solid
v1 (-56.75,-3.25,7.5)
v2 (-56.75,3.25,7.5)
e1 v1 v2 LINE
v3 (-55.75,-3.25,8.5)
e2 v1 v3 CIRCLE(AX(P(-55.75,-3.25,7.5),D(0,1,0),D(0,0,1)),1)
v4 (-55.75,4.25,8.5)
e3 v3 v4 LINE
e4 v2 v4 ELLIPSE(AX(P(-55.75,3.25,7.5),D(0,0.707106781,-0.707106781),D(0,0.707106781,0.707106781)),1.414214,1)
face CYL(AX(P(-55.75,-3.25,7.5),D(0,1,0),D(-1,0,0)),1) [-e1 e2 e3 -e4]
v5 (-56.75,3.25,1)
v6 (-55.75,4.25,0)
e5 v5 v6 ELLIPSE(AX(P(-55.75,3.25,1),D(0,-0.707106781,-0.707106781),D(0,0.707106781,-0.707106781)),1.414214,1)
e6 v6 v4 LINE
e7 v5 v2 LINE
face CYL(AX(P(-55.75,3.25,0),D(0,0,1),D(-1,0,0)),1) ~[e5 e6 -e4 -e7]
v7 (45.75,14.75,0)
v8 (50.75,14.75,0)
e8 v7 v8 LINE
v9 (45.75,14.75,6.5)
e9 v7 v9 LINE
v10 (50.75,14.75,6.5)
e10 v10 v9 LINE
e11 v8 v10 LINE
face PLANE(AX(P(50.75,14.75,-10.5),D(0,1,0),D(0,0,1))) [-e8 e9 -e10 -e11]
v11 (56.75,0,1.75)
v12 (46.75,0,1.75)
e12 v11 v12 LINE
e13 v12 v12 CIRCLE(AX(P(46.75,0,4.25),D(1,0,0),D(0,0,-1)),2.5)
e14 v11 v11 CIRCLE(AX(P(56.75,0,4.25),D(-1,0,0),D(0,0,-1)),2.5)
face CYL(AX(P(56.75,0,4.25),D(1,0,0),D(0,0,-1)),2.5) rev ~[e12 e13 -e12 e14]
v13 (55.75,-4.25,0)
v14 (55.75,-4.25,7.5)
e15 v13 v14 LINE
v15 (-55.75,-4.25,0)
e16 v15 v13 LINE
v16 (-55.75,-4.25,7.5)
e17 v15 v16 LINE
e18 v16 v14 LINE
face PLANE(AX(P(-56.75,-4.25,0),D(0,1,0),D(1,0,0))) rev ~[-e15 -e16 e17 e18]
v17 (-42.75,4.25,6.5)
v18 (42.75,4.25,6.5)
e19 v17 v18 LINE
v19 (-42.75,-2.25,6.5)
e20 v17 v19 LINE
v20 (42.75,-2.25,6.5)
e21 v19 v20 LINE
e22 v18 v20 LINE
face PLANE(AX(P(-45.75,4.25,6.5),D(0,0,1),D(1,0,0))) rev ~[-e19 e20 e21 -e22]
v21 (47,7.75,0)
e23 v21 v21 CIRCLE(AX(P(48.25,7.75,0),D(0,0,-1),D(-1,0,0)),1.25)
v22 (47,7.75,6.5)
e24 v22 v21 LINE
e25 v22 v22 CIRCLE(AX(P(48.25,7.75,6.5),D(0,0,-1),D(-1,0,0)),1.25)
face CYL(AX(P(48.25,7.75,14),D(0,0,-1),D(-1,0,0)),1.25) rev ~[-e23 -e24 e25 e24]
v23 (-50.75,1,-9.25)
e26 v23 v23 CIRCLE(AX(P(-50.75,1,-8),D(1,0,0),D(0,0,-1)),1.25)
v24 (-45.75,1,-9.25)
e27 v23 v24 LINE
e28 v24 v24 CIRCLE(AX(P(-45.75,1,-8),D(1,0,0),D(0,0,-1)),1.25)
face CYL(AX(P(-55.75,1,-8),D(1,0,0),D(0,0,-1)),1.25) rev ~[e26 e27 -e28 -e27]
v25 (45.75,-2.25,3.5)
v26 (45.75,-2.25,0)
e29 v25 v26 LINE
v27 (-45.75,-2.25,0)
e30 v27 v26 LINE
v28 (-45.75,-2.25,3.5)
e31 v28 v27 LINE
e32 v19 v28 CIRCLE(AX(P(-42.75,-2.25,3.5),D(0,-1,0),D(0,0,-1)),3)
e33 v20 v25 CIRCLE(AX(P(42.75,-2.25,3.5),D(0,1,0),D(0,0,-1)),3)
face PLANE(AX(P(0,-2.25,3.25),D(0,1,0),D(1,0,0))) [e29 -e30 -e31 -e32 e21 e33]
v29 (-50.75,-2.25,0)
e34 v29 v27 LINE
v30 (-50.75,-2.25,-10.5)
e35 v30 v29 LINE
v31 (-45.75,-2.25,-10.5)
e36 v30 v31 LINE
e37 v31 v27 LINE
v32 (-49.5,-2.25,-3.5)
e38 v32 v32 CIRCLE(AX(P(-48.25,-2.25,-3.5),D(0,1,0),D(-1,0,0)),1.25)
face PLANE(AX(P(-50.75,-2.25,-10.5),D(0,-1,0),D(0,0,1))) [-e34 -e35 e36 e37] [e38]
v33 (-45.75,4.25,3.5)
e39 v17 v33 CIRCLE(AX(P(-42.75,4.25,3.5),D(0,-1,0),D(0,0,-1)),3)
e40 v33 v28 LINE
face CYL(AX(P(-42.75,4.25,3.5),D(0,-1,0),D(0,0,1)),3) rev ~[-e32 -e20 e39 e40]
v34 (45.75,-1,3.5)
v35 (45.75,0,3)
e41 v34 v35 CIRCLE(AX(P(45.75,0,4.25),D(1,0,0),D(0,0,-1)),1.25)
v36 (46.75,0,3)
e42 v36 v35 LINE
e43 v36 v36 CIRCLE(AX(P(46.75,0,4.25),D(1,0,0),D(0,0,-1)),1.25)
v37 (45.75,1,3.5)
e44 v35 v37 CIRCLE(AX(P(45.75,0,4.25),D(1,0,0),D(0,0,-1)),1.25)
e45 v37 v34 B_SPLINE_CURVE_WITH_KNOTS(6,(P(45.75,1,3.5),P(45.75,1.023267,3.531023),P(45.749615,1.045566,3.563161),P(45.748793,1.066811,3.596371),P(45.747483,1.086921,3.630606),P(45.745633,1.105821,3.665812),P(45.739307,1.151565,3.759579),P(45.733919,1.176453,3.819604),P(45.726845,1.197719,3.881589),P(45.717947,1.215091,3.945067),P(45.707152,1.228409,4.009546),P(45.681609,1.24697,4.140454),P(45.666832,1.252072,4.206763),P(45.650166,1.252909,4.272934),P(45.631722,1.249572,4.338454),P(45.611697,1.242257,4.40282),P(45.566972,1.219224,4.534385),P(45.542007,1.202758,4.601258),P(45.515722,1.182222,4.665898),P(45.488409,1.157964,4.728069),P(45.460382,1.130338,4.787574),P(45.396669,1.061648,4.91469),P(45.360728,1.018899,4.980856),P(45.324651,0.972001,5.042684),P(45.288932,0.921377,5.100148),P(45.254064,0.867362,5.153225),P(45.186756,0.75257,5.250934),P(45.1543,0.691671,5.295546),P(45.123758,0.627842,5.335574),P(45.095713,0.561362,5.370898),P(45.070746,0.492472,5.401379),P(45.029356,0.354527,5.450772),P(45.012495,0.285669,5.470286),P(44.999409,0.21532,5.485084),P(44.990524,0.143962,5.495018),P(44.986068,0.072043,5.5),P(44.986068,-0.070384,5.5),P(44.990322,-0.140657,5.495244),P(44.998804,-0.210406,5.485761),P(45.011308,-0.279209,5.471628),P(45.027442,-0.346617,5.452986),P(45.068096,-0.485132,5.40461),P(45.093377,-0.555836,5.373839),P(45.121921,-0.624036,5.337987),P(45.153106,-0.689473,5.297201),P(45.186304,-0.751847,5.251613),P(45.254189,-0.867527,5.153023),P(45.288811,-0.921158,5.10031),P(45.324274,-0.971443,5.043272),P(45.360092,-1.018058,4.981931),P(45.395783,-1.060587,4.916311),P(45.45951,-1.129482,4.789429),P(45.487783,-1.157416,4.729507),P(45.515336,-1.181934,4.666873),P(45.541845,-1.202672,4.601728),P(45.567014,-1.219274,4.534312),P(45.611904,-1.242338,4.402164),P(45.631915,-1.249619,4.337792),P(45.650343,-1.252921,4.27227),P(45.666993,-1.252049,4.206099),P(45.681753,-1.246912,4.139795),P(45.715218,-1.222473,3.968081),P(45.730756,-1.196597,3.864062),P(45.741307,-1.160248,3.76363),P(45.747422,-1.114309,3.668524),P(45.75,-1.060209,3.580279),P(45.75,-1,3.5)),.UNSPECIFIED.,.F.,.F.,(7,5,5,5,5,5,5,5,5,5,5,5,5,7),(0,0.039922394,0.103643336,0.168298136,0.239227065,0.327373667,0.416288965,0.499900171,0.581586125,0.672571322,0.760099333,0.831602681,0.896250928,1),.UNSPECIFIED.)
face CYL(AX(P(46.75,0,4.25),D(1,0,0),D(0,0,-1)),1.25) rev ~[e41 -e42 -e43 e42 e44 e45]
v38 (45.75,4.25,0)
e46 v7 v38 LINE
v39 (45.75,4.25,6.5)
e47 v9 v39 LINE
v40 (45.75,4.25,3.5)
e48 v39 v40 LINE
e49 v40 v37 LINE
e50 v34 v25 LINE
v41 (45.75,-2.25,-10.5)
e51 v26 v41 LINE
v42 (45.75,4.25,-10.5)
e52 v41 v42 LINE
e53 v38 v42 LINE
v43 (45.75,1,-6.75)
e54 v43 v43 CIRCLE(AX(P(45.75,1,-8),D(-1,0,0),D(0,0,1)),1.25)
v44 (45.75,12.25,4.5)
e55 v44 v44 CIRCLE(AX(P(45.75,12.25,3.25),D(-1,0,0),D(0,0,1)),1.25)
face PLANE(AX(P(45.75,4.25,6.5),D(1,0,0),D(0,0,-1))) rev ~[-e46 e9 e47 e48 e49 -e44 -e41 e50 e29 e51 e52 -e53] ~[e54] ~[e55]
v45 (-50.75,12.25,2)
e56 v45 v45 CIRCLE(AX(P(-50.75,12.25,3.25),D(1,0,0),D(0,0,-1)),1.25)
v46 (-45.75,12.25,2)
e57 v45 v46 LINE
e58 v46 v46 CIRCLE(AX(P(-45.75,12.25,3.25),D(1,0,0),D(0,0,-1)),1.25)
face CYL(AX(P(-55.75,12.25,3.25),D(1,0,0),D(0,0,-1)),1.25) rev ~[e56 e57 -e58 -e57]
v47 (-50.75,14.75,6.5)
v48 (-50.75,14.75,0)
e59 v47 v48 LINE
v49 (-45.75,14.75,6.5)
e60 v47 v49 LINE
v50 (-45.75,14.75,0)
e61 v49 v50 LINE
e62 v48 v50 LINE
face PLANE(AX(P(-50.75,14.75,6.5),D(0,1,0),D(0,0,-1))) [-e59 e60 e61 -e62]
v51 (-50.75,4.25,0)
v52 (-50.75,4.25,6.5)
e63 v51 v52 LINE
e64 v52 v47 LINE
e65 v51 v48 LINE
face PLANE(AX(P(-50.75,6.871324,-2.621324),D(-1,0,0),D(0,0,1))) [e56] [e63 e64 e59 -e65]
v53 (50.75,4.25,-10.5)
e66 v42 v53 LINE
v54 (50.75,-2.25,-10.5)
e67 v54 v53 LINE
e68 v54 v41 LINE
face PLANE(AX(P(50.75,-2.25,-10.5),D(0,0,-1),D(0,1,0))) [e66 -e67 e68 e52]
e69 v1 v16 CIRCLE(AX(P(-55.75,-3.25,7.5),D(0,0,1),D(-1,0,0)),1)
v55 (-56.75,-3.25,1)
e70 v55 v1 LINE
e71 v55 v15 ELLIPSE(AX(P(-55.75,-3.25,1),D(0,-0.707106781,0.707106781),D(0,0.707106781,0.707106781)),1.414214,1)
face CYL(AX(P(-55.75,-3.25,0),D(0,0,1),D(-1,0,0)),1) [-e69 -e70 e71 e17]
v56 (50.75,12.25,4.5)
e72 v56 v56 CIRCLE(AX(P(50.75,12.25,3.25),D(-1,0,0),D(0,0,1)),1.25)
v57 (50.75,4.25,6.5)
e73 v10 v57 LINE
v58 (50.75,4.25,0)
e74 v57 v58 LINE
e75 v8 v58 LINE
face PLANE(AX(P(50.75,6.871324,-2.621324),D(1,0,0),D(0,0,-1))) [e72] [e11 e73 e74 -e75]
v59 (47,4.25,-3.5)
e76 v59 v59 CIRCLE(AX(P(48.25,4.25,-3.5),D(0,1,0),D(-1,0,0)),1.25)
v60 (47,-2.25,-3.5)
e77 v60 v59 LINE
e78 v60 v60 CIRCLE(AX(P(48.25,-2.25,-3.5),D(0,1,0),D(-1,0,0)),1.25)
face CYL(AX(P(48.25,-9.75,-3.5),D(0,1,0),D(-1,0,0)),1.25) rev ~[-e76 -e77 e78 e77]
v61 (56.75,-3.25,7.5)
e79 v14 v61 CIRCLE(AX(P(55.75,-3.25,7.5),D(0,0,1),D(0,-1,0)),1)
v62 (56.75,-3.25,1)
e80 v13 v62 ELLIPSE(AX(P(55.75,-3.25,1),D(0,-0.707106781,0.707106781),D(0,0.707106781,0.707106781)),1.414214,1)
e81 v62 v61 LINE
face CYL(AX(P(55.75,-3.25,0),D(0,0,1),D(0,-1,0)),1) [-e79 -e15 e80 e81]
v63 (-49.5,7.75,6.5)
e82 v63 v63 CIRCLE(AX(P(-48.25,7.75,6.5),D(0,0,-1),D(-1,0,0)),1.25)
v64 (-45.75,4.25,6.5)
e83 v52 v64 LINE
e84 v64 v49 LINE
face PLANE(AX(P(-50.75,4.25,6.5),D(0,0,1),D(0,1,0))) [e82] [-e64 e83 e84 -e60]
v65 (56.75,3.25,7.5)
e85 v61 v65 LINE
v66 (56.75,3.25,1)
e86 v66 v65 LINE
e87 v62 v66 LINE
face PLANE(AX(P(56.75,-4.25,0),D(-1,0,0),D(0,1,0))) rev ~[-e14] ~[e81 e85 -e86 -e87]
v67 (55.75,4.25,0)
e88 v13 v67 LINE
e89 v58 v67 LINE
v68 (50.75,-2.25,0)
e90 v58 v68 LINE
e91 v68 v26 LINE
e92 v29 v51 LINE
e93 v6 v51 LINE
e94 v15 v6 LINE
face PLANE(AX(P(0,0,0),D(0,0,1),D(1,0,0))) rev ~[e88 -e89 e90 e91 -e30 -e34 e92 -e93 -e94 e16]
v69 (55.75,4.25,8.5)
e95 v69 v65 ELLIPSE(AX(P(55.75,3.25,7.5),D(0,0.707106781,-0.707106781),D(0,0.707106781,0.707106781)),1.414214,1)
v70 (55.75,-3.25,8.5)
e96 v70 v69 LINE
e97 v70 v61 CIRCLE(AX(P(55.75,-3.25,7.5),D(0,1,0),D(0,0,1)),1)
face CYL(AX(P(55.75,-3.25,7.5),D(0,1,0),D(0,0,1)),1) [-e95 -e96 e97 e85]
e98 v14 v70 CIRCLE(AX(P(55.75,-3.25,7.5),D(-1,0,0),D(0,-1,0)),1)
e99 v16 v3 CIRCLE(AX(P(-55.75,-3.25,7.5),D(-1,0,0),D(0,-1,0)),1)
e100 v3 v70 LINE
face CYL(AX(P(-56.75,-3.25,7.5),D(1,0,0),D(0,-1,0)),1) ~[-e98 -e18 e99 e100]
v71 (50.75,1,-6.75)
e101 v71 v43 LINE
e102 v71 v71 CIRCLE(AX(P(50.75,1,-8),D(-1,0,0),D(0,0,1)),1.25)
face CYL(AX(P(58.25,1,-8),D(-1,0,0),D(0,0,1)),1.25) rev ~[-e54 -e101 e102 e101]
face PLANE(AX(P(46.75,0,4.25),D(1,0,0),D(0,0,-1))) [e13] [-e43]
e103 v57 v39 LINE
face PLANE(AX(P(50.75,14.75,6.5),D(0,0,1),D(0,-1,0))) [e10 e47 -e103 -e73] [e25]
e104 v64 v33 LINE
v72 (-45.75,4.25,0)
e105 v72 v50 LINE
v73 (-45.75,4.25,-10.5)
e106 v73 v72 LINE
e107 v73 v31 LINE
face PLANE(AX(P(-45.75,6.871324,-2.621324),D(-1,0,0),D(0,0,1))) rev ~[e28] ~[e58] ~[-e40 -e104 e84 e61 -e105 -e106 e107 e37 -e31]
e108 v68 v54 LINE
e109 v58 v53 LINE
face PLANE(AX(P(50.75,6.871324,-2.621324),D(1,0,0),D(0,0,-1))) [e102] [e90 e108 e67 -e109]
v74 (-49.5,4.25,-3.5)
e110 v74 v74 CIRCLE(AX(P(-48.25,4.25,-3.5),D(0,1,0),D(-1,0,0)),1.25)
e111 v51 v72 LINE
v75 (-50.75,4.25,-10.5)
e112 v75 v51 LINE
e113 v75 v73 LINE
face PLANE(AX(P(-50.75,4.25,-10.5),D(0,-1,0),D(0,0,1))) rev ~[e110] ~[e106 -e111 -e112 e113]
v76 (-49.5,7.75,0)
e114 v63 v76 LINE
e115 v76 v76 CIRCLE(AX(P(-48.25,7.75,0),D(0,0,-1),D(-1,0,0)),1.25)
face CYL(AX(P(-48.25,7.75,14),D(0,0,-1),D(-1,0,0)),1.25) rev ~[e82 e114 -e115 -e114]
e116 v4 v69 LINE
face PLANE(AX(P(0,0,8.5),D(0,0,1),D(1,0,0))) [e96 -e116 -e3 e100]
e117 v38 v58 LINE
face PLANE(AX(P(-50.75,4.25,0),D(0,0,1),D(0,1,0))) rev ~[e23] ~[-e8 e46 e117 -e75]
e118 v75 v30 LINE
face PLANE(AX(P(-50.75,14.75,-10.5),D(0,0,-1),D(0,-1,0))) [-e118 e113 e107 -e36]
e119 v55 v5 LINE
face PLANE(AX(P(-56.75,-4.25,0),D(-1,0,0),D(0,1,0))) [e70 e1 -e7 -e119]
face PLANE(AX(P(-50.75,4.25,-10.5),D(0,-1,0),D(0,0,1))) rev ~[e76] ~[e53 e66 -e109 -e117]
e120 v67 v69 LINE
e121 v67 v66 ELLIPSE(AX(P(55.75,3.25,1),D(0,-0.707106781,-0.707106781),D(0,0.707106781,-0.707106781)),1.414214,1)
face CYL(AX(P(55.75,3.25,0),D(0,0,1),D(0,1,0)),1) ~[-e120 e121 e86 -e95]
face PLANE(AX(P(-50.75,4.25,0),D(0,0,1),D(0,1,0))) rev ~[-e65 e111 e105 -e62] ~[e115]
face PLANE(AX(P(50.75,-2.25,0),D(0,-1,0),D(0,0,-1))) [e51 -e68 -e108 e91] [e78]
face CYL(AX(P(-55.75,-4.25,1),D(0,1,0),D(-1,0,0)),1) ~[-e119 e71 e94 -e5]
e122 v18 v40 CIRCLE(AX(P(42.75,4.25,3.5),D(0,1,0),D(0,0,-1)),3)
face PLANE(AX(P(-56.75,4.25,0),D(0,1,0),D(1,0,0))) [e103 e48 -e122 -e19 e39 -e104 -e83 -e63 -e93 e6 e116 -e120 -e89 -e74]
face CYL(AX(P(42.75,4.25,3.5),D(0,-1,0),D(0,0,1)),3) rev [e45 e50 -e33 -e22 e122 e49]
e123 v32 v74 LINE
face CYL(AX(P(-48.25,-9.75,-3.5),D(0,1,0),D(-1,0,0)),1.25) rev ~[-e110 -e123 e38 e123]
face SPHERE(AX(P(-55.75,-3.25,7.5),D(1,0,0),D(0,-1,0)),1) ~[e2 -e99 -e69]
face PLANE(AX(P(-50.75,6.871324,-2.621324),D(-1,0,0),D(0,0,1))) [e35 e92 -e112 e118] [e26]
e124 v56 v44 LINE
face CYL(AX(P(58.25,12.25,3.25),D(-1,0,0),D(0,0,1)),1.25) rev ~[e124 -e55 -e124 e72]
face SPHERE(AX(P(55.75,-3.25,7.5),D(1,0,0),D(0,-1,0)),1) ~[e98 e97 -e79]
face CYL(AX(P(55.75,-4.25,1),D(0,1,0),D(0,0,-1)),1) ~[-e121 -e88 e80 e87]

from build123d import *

# Parameters (mm, degrees)
SKETCH1_W                 = 113.5
SKETCH1_H                 = 8.5
BOSS_EXTRUDE1_DEPTH       = 8.5
BOSS_EXTRUDE2_DEPTH       = 5
BOSS_EXTRUDE3_DEPTH       = 5
SKETCH13_W                = 91.5
SKETCH13_H                = 6.5
CUT_EXTRUDE1_DEPTH        = 6.5
M3X0_5_TAPPED_HOLE1_D     = 2.5
M3X0_5_TAPPED_HOLE1_DEPTH = 7.5
M3X0_5_TAPPED_HOLE1_TIP   = 0.751075774
M3X0_5_TAPPED_HOLE2_D     = 2.5
M3X0_5_TAPPED_HOLE2_DEPTH = 5
M3X0_5_TAPPED_HOLE3_D     = 2.5
M3X0_5_TAPPED_HOLE3_DEPTH = 5
M3X0_5_TAPPED_HOLE4_D     = 2.5
M3X0_5_TAPPED_HOLE4_DEPTH = 7.5
M3X0_5_TAPPED_HOLE4_TIP   = 0.751075774
FILLET1_R                 = 1
FILLET2_R                 = 1
FILLET3_R                 = 1
FILLET4_R                 = 3
M3X0_5_TAPPED_HOLE5_D     = 2.5
M3X0_5_TAPPED_HOLE5_DEPTH = 7.5
M3X0_5_TAPPED_HOLE5_TIP   = 0.751075774
M3X0_5_TAPPED_HOLE6_D     = 2.5
M3X0_5_TAPPED_HOLE6_DEPTH = 7.5
M3X0_5_TAPPED_HOLE6_TIP   = 0.751075774
M3X0_5_TAPPED_HOLE7_D     = 2.5
M3X0_5_TAPPED_HOLE7_DEPTH = 7.5
M3X0_5_TAPPED_HOLE7_TIP   = 0.751075774
M3X0_5_TAPPED_HOLE9_D     = 2.5
M3X0_5_TAPPED_HOLE9_DEPTH = 7.5
M3X0_5_TAPPED_HOLE9_TIP   = 0.751075774
SKETCH43_W                = 10.5
SKETCH43_H                = 10.5
CUT_EXTRUDE3_DEPTH        = 110.01404726
SKETCH44_R                = 2.5
CUT_EXTRUDE4_DEPTH        = 10
CUT_EXTRUDE5_REACH        = 107.072
SKETCH45_R                = 1.25
M6_TAPPED_HOLE1_D         = 5
M6_TAPPED_HOLE1_DEPTH     = 3.05
M6_TAPPED_HOLE1_TIP       = 1.502151548


with BuildPart() as part:
    # Sketch1 → Boss-Extrude1 (new body)
    with BuildSketch(Plane.XY):
        Rectangle(SKETCH1_W, SKETCH1_H)
    extrude(amount=BOSS_EXTRUDE1_DEPTH)

    # Sketch4 → Boss-Extrude2 (add)
    with BuildSketch(Plane(origin=(50.75, 0, 0), x_dir=(0, 0, -1), z_dir=(1, 0, 0))):
        Polygon((0, -2.25), (10.5, -2.25), (10.5, 14.75), (-6.5, 14.75), (-6.5, 4.25), (0, 4.25), align=None)
    extrude(amount=-BOSS_EXTRUDE2_DEPTH)

    # Sketch12 → Boss-Extrude3 (add)
    with BuildSketch(Plane.ZY.offset(50.75)):
        Polygon((6.5, 4.25), (6.5, 14.75), (-10.5, 14.75), (-10.5, -2.25), (0, -2.25), (0, 4.25), align=None)
    extrude(amount=-BOSS_EXTRUDE3_DEPTH)

    # Sketch13 → Cut-Extrude1 (cut)
    with BuildSketch(Plane(origin=(0, 4.25, 0), x_dir=(1, 0, 0), z_dir=(0, 1, 0))):
        with Locations((0, -3.25)):
            Rectangle(SKETCH13_W, SKETCH13_H)
    extrude(amount=-CUT_EXTRUDE1_DEPTH, mode=Mode.SUBTRACT)

    # M3x0.5 Tapped Hole1
    with Locations(Plane.XY.offset(6.5)):
        with Locations((-48.25, 7.75)):
            Hole(M3X0_5_TAPPED_HOLE1_D / 2, depth=M3X0_5_TAPPED_HOLE1_DEPTH)
            with Locations((0, 0, -(M3X0_5_TAPPED_HOLE1_DEPTH + M3X0_5_TAPPED_HOLE1_TIP / 2))):  # 118° drill point
                Cone(0, M3X0_5_TAPPED_HOLE1_D / 2, M3X0_5_TAPPED_HOLE1_TIP, mode=Mode.SUBTRACT)

    # M3x0.5 Tapped Hole2
    with Locations(Plane.ZY.offset(50.75)):
        with Locations((3.25, 12.25)):
            Hole(M3X0_5_TAPPED_HOLE2_D / 2, depth=M3X0_5_TAPPED_HOLE2_DEPTH)

    # M3x0.5 Tapped Hole3
    with Locations(Plane.ZY.offset(50.75)):
        with Locations((-8, 1)):
            Hole(M3X0_5_TAPPED_HOLE3_D / 2, depth=M3X0_5_TAPPED_HOLE3_DEPTH)

    # M3x0.5 Tapped Hole4
    with Locations(Plane.XZ.offset(2.25)):
        with Locations((-48.25, -3.5)):
            Hole(M3X0_5_TAPPED_HOLE4_D / 2, depth=M3X0_5_TAPPED_HOLE4_DEPTH)
            with Locations((0, 0, -(M3X0_5_TAPPED_HOLE4_DEPTH + M3X0_5_TAPPED_HOLE4_TIP / 2))):  # 118° drill point
                Cone(0, M3X0_5_TAPPED_HOLE4_D / 2, M3X0_5_TAPPED_HOLE4_TIP, mode=Mode.SUBTRACT)

    # Fillet1
    fillet1_edges = [part.edges().sort_by_distance(p)[0] for p in [
        (0, -4.25, 8.5),
    ]]
    fillet(fillet1_edges, radius=FILLET1_R)

    # Fillet2
    fillet2_edges = [part.edges().sort_by_distance(p)[0] for p in [
        (-56.75, 0.5, 8.5),
        (-56.75, 0, 0),
        (-56.75, 4.25, 4.25),
        (-56.75, -4.25, 3.75),
        (-56.75, -3.957106781, 8.207106781),
    ]]
    fillet(fillet2_edges, radius=FILLET2_R)

    # Fillet3
    fillet3_edges = [part.edges().sort_by_distance(p)[0] for p in [
        (56.75, 0, 0),
        (56.75, 4.25, 4.25),
        (56.75, 0.5, 8.5),
        (56.75, -4.25, 3.75),
        (56.75, -3.957106781, 8.207106781),
    ]]
    fillet(fillet3_edges, radius=FILLET3_R)

    # Fillet4
    fillet4_edges = [part.edges().sort_by_distance(p)[0] for p in [
        (-45.75, 1, 6.5),
        (45.75, 1, 6.5),
    ]]
    fillet(fillet4_edges, radius=FILLET4_R)

    # M3x0.5 Tapped Hole5
    with Locations(Plane.XY.offset(6.5)):
        with Locations((48.25, 7.75)):
            Hole(M3X0_5_TAPPED_HOLE5_D / 2, depth=M3X0_5_TAPPED_HOLE5_DEPTH)
            with Locations((0, 0, -(M3X0_5_TAPPED_HOLE5_DEPTH + M3X0_5_TAPPED_HOLE5_TIP / 2))):  # 118° drill point
                Cone(0, M3X0_5_TAPPED_HOLE5_D / 2, M3X0_5_TAPPED_HOLE5_TIP, mode=Mode.SUBTRACT)

    # M3x0.5 Tapped Hole6
    with Locations(Plane.XZ.offset(2.25)):
        with Locations((48.25, -3.5)):
            Hole(M3X0_5_TAPPED_HOLE6_D / 2, depth=M3X0_5_TAPPED_HOLE6_DEPTH)
            with Locations((0, 0, -(M3X0_5_TAPPED_HOLE6_DEPTH + M3X0_5_TAPPED_HOLE6_TIP / 2))):  # 118° drill point
                Cone(0, M3X0_5_TAPPED_HOLE6_D / 2, M3X0_5_TAPPED_HOLE6_TIP, mode=Mode.SUBTRACT)

    # M3x0.5 Tapped Hole7
    with Locations(Plane(origin=(50.75, 0, 0), x_dir=(0, 0, -1), z_dir=(1, 0, 0))):
        with Locations((8, 1)):
            Hole(M3X0_5_TAPPED_HOLE7_D / 2, depth=M3X0_5_TAPPED_HOLE7_DEPTH)
            with Locations((0, 0, -(M3X0_5_TAPPED_HOLE7_DEPTH + M3X0_5_TAPPED_HOLE7_TIP / 2))):  # 118° drill point
                Cone(0, M3X0_5_TAPPED_HOLE7_D / 2, M3X0_5_TAPPED_HOLE7_TIP, mode=Mode.SUBTRACT)

    # M3x0.5 Tapped Hole9
    with Locations(Plane(origin=(50.75, 0, 0), x_dir=(0, 0, -1), z_dir=(1, 0, 0))):
        with Locations((-3.25, 12.25)):
            Hole(M3X0_5_TAPPED_HOLE9_D / 2, depth=M3X0_5_TAPPED_HOLE9_DEPTH)
            with Locations((0, 0, -(M3X0_5_TAPPED_HOLE9_DEPTH + M3X0_5_TAPPED_HOLE9_TIP / 2))):  # 118° drill point
                Cone(0, M3X0_5_TAPPED_HOLE9_D / 2, M3X0_5_TAPPED_HOLE9_TIP, mode=Mode.SUBTRACT)

    # Sketch43 → Cut-Extrude3 (cut, through all)
    with BuildSketch(Plane.ZY.offset(50.75)):
        with Locations((-5.25, 9.5)):
            Rectangle(SKETCH43_W, SKETCH43_H)
    extrude(amount=-CUT_EXTRUDE3_DEPTH, mode=Mode.SUBTRACT)

    # Sketch44 → Cut-Extrude4 (cut)
    with BuildSketch(Plane(origin=(56.75, 0, 0), x_dir=(0, 0, -1), z_dir=(1, 0, 0))):
        with Locations((-4.25, 0)):
            Circle(SKETCH44_R)
    extrude(amount=-CUT_EXTRUDE4_DEPTH, mode=Mode.SUBTRACT)

    # Sketch45 → Cut-Extrude5 (cut, up to next)
    with BuildSketch(Plane(origin=(46.75, 0, 0), x_dir=(0, 0, -1), z_dir=(1, 0, 0)), mode=Mode.PRIVATE) as cut_extrude5_sk1:
        with Locations((-4.25, 0)):
            Circle(SKETCH45_R)
    cut_extrude5_tool1 = extrude(cut_extrude5_sk1.sketch, amount=-CUT_EXTRUDE5_REACH, mode=Mode.PRIVATE) & part.part
    add(cut_extrude5_tool1.solids().sort_by_distance((46.75, 0, 4.25))[0], mode=Mode.SUBTRACT)

    # M6 Tapped Hole1
    with Locations(Plane(origin=(56.75, 0, 0), x_dir=(0, 0, -1), z_dir=(1, 0, 0))):
        with Locations((-4.25, 0)):
            Hole(M6_TAPPED_HOLE1_D / 2, depth=M6_TAPPED_HOLE1_DEPTH)
            with Locations((0, 0, -(M6_TAPPED_HOLE1_DEPTH + M6_TAPPED_HOLE1_TIP / 2))):  # 118° drill point
                Cone(0, M6_TAPPED_HOLE1_D / 2, M6_TAPPED_HOLE1_TIP, mode=Mode.SUBTRACT)


solid = part.part
